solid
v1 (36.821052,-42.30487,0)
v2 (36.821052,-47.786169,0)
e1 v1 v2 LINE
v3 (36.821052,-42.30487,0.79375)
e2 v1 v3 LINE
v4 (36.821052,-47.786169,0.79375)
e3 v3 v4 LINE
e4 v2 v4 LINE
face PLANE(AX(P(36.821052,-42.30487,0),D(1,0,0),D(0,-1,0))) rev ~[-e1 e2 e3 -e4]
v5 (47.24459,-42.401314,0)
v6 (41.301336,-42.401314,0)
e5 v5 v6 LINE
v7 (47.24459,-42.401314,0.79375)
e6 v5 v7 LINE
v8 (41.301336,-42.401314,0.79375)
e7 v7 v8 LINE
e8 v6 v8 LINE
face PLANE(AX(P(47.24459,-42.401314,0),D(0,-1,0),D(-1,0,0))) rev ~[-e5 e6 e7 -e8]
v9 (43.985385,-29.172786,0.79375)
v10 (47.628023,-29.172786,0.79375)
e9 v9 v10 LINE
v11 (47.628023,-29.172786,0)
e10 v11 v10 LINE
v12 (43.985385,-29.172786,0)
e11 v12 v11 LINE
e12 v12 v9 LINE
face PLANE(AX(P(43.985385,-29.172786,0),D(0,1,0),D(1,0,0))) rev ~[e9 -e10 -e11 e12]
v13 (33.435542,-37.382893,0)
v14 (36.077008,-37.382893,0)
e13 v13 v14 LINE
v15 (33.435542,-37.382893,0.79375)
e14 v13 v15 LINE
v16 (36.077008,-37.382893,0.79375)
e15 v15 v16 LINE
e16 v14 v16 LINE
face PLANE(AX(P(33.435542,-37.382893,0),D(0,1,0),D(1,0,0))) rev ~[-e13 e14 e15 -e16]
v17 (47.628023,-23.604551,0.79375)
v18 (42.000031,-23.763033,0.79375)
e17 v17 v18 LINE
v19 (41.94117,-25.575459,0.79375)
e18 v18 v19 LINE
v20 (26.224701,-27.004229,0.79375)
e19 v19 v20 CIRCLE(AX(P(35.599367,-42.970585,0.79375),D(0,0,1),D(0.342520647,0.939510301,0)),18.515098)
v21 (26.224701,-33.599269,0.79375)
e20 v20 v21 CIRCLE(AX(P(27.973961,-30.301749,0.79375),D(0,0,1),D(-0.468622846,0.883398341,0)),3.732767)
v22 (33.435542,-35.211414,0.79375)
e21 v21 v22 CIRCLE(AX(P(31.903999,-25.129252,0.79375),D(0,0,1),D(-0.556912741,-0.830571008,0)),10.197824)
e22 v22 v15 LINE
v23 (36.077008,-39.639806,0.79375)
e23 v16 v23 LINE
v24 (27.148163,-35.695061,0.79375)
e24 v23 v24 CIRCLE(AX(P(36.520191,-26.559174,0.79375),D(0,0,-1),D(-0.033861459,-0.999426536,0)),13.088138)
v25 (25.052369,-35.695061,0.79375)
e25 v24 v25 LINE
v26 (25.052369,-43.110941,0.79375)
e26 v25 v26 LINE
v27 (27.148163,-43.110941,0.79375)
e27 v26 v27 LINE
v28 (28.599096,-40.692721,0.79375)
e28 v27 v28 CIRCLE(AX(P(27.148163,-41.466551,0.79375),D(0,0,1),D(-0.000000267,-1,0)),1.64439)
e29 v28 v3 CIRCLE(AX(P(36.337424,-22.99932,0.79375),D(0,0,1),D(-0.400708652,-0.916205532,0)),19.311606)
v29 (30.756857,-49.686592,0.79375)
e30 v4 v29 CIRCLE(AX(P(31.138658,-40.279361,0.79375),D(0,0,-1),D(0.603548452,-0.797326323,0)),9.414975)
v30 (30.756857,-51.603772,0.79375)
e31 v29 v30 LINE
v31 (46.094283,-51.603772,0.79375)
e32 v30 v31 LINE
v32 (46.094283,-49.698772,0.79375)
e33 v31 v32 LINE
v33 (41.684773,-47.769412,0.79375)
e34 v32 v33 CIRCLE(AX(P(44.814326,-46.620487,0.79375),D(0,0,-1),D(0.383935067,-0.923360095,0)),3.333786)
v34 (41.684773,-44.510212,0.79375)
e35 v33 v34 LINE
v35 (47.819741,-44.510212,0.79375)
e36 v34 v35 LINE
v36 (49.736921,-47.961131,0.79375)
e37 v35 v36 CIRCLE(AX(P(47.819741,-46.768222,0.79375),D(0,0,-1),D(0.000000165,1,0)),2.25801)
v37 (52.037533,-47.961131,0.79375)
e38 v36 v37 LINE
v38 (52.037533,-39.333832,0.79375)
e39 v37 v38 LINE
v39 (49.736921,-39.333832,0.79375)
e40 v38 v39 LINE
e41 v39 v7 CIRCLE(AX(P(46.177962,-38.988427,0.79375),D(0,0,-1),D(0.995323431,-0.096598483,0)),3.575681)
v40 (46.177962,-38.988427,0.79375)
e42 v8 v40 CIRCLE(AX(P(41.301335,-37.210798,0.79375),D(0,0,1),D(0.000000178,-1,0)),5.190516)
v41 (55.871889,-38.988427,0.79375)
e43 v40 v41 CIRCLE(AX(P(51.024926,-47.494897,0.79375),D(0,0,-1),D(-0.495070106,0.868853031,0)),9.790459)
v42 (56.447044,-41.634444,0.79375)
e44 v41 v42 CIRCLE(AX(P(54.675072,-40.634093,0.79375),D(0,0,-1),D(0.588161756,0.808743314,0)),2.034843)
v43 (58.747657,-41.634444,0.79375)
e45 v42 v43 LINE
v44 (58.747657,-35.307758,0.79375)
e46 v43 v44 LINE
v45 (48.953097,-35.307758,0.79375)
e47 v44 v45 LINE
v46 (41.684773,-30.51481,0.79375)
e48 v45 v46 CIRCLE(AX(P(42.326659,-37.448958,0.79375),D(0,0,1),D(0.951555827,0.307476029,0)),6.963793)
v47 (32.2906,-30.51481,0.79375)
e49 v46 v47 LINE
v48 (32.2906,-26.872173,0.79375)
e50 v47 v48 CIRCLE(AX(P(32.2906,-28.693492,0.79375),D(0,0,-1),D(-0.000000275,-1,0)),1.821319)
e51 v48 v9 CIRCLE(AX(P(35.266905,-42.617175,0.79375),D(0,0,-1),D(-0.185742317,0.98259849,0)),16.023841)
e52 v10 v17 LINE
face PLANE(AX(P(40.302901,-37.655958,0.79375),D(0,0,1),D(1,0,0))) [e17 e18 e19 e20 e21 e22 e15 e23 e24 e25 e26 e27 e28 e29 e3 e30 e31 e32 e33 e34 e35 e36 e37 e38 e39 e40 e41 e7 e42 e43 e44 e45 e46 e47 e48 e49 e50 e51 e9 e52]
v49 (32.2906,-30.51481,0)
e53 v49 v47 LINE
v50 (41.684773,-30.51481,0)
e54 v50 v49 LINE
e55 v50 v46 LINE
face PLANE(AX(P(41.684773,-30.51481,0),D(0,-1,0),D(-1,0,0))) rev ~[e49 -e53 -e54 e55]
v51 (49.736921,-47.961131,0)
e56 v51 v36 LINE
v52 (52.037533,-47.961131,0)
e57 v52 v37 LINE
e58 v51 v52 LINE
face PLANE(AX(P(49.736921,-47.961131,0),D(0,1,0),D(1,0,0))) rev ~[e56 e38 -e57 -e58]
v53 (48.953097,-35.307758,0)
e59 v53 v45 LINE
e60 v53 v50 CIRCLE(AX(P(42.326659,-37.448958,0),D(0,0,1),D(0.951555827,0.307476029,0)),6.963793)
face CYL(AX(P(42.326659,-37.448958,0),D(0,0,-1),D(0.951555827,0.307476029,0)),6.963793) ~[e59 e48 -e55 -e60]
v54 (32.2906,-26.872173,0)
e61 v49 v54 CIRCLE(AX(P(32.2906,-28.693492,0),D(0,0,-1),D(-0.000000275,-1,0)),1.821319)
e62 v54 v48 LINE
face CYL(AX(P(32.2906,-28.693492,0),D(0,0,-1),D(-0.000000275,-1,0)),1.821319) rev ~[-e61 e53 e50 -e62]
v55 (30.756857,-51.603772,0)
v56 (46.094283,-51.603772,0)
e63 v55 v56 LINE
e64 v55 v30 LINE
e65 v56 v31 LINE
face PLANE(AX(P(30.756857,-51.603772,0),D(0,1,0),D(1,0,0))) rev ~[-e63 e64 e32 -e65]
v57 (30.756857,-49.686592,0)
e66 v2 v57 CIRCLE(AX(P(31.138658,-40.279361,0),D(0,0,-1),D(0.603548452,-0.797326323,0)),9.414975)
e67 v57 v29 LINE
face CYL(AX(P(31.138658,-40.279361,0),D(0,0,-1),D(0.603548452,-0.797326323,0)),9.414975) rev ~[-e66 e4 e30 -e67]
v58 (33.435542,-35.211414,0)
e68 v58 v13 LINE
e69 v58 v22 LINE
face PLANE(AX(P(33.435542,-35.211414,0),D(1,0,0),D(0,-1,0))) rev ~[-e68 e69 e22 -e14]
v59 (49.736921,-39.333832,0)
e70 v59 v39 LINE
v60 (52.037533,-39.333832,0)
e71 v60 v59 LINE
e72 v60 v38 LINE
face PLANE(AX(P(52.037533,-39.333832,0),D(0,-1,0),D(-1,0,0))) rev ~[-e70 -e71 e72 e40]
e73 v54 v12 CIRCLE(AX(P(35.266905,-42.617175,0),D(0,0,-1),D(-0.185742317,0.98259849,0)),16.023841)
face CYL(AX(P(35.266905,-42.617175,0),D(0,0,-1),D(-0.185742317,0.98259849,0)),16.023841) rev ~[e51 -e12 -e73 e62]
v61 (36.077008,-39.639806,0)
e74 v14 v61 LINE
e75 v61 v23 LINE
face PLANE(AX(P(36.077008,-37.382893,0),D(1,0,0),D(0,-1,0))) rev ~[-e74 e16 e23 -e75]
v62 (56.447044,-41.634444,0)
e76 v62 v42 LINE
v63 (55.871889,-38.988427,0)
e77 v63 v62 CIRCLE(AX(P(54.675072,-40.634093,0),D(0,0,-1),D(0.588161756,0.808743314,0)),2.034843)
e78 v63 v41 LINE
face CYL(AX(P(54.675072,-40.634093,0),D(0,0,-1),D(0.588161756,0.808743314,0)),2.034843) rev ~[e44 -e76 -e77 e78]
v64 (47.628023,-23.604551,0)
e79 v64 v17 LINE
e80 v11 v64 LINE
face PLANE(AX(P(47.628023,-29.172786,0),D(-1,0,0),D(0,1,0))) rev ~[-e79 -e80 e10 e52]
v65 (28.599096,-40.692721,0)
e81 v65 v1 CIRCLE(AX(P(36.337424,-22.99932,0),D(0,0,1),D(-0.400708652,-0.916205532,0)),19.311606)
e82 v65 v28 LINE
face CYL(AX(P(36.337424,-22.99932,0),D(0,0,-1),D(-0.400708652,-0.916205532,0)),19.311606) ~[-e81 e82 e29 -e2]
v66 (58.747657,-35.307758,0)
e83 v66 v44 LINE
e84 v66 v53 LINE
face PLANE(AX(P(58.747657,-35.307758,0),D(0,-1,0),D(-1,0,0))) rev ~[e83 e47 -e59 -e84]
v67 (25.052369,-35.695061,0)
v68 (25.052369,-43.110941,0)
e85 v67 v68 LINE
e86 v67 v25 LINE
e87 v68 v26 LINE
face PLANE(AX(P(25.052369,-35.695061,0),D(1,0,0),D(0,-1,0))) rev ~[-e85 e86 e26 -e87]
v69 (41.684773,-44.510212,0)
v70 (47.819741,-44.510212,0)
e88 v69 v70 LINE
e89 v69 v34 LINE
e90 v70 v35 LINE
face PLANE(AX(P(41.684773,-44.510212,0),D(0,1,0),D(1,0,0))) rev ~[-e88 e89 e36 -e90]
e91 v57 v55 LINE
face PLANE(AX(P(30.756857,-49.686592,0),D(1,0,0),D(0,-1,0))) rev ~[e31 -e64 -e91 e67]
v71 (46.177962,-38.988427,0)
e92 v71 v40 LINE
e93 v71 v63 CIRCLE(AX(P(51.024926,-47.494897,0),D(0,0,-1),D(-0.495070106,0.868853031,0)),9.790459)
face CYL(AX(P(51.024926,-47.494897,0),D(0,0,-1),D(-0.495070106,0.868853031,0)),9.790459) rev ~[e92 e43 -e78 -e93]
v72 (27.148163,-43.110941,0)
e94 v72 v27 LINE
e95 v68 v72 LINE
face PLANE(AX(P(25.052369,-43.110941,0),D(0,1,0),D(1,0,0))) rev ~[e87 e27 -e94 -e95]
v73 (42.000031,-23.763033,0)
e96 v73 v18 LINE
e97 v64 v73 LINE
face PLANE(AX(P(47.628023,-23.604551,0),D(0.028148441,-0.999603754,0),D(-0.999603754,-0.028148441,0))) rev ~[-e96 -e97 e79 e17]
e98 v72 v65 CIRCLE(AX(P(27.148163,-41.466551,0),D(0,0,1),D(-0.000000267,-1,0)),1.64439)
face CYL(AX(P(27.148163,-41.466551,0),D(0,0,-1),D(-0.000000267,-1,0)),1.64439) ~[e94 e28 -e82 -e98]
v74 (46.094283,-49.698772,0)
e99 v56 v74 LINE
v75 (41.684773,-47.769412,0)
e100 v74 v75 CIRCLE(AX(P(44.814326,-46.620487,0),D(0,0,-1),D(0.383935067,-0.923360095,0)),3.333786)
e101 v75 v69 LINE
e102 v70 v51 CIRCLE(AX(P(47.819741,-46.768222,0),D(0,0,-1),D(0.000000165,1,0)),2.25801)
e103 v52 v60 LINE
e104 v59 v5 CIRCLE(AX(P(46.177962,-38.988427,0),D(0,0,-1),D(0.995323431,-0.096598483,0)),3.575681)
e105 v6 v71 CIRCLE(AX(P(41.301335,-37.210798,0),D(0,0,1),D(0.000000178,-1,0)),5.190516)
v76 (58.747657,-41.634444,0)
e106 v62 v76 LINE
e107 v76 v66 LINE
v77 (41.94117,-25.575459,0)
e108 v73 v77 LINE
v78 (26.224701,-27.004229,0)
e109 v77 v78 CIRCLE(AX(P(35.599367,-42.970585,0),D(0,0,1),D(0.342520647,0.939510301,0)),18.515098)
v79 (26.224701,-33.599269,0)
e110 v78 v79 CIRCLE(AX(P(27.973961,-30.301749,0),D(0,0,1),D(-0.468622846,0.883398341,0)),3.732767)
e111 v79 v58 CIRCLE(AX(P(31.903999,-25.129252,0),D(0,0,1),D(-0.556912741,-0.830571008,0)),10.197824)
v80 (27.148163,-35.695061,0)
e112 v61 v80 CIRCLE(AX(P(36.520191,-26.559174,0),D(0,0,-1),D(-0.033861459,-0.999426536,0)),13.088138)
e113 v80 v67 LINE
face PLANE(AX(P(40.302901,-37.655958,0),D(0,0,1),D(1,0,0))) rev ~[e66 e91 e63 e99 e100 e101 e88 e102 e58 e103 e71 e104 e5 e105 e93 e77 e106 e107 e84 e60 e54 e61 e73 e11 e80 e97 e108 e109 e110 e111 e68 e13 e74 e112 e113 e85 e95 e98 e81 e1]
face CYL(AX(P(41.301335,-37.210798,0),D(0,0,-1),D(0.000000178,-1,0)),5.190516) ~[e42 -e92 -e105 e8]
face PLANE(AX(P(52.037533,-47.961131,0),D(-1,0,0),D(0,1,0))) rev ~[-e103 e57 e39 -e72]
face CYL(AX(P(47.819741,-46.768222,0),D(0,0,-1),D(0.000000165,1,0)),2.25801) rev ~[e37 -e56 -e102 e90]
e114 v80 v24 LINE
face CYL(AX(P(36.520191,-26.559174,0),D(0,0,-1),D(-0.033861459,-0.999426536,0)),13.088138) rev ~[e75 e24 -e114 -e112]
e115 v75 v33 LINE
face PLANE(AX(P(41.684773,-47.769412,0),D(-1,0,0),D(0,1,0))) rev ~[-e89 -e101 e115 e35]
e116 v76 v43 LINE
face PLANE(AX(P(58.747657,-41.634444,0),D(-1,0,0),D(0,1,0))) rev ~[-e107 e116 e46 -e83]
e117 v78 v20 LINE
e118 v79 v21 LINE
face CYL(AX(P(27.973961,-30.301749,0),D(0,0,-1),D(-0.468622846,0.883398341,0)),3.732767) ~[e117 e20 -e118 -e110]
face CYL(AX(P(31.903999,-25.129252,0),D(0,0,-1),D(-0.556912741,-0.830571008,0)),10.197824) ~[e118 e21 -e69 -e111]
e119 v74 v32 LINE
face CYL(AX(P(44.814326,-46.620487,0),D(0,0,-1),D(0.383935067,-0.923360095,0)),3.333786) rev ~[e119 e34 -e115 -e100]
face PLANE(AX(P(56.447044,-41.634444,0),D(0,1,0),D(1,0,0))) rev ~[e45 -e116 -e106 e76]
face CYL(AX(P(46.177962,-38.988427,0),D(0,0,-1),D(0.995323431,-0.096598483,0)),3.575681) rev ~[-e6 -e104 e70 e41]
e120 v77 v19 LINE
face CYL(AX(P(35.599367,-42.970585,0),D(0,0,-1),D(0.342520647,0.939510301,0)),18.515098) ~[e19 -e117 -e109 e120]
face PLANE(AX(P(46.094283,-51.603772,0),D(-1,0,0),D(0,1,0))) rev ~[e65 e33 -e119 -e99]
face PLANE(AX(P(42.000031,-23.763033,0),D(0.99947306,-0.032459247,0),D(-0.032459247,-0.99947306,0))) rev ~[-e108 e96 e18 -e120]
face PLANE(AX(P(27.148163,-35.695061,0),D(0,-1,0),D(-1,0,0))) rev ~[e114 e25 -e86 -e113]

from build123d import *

# Parameters (mm, degrees)
F1_DEPTH = 0.79375


with BuildPart() as f1:
    # F0 (on Top) → F1 (new body)
    with BuildSketch(Plane.XY):
        with BuildLine():
            Line((42.000031, -23.763033), (41.94117, -25.575459))
            ThreePointArc((41.94117, -25.575459), (33.923088, -24.531524), (26.224701, -27.004229))
            ThreePointArc((26.224701, -27.004229), (24.241194, -30.301749), (26.224701, -33.599269))
            ThreePointArc((26.224701, -33.599269), (29.678977, -35.081382), (33.435542, -35.211414))
            Line((33.435542, -35.211414), (33.435542, -37.382893))
            Line((33.435542, -37.382893), (36.077008, -37.382893))
            Line((36.077008, -37.382893), (36.077008, -39.639806))
            ThreePointArc((36.077008, -39.639806), (31.231066, -38.530995), (27.148163, -35.695061))
            Line((27.148163, -35.695061), (25.052369, -35.695061))
            Line((25.052369, -35.695061), (25.052369, -43.110941))
            Line((25.052369, -43.110941), (27.148163, -43.110941))
            ThreePointArc((27.148163, -43.110941), (28.558216, -42.312583), (28.599096, -40.692721))
            ThreePointArc((28.599096, -40.692721), (32.62159, -41.950065), (36.821052, -42.30487))
            Line((36.821052, -42.30487), (36.821052, -47.786169))
            ThreePointArc((36.821052, -47.786169), (33.954147, -49.263502), (30.756857, -49.686592))
            Line((30.756857, -49.686592), (30.756857, -51.603772))
            Line((30.756857, -51.603772), (46.094283, -51.603772))
            Line((46.094283, -51.603772), (46.094283, -49.698772))
            ThreePointArc((46.094283, -49.698772), (43.477966, -49.674709), (41.684773, -47.769412))
            Line((41.684773, -47.769412), (41.684773, -44.510212))
            Line((41.684773, -44.510212), (47.819741, -44.510212))
            ThreePointArc((47.819741, -44.510212), (49.793596, -45.671634), (49.736921, -47.961131))
            Line((49.736921, -47.961131), (52.037533, -47.961131))
            Line((52.037533, -47.961131), (52.037533, -39.333832))
            Line((52.037533, -39.333832), (49.736921, -39.333832))
            ThreePointArc((49.736921, -39.333832), (48.953097, -41.243226), (47.24459, -42.401314))
            Line((47.24459, -42.401314), (41.301336, -42.401314))
            ThreePointArc((41.301336, -42.401314), (44.277461, -41.463342), (46.177962, -38.988427))
            ThreePointArc((46.177962, -38.988427), (51.024926, -37.704438), (55.871889, -38.988427))
            ThreePointArc((55.871889, -38.988427), (56.663483, -40.201879), (56.447044, -41.634444))
            Line((56.447044, -41.634444), (58.747657, -41.634444))
            Line((58.747657, -41.634444), (58.747657, -35.307758))
            Line((58.747657, -35.307758), (48.953097, -35.307758))
            ThreePointArc((48.953097, -35.307758), (46.1603, -31.635386), (41.684773, -30.51481))
            Line((41.684773, -30.51481), (32.2906, -30.51481))
            ThreePointArc((32.2906, -30.51481), (30.469282, -28.693492), (32.2906, -26.872173))
            ThreePointArc((32.2906, -26.872173), (38.359857, -26.894671), (43.985385, -29.172786))
            Line((43.985385, -29.172786), (47.628023, -29.172786))
            Line((47.628023, -29.172786), (47.628023, -23.604551))
            Line((47.628023, -23.604551), (42.000031, -23.763033))
        make_face()
    extrude(amount=F1_DEPTH)


solid = f1.part
